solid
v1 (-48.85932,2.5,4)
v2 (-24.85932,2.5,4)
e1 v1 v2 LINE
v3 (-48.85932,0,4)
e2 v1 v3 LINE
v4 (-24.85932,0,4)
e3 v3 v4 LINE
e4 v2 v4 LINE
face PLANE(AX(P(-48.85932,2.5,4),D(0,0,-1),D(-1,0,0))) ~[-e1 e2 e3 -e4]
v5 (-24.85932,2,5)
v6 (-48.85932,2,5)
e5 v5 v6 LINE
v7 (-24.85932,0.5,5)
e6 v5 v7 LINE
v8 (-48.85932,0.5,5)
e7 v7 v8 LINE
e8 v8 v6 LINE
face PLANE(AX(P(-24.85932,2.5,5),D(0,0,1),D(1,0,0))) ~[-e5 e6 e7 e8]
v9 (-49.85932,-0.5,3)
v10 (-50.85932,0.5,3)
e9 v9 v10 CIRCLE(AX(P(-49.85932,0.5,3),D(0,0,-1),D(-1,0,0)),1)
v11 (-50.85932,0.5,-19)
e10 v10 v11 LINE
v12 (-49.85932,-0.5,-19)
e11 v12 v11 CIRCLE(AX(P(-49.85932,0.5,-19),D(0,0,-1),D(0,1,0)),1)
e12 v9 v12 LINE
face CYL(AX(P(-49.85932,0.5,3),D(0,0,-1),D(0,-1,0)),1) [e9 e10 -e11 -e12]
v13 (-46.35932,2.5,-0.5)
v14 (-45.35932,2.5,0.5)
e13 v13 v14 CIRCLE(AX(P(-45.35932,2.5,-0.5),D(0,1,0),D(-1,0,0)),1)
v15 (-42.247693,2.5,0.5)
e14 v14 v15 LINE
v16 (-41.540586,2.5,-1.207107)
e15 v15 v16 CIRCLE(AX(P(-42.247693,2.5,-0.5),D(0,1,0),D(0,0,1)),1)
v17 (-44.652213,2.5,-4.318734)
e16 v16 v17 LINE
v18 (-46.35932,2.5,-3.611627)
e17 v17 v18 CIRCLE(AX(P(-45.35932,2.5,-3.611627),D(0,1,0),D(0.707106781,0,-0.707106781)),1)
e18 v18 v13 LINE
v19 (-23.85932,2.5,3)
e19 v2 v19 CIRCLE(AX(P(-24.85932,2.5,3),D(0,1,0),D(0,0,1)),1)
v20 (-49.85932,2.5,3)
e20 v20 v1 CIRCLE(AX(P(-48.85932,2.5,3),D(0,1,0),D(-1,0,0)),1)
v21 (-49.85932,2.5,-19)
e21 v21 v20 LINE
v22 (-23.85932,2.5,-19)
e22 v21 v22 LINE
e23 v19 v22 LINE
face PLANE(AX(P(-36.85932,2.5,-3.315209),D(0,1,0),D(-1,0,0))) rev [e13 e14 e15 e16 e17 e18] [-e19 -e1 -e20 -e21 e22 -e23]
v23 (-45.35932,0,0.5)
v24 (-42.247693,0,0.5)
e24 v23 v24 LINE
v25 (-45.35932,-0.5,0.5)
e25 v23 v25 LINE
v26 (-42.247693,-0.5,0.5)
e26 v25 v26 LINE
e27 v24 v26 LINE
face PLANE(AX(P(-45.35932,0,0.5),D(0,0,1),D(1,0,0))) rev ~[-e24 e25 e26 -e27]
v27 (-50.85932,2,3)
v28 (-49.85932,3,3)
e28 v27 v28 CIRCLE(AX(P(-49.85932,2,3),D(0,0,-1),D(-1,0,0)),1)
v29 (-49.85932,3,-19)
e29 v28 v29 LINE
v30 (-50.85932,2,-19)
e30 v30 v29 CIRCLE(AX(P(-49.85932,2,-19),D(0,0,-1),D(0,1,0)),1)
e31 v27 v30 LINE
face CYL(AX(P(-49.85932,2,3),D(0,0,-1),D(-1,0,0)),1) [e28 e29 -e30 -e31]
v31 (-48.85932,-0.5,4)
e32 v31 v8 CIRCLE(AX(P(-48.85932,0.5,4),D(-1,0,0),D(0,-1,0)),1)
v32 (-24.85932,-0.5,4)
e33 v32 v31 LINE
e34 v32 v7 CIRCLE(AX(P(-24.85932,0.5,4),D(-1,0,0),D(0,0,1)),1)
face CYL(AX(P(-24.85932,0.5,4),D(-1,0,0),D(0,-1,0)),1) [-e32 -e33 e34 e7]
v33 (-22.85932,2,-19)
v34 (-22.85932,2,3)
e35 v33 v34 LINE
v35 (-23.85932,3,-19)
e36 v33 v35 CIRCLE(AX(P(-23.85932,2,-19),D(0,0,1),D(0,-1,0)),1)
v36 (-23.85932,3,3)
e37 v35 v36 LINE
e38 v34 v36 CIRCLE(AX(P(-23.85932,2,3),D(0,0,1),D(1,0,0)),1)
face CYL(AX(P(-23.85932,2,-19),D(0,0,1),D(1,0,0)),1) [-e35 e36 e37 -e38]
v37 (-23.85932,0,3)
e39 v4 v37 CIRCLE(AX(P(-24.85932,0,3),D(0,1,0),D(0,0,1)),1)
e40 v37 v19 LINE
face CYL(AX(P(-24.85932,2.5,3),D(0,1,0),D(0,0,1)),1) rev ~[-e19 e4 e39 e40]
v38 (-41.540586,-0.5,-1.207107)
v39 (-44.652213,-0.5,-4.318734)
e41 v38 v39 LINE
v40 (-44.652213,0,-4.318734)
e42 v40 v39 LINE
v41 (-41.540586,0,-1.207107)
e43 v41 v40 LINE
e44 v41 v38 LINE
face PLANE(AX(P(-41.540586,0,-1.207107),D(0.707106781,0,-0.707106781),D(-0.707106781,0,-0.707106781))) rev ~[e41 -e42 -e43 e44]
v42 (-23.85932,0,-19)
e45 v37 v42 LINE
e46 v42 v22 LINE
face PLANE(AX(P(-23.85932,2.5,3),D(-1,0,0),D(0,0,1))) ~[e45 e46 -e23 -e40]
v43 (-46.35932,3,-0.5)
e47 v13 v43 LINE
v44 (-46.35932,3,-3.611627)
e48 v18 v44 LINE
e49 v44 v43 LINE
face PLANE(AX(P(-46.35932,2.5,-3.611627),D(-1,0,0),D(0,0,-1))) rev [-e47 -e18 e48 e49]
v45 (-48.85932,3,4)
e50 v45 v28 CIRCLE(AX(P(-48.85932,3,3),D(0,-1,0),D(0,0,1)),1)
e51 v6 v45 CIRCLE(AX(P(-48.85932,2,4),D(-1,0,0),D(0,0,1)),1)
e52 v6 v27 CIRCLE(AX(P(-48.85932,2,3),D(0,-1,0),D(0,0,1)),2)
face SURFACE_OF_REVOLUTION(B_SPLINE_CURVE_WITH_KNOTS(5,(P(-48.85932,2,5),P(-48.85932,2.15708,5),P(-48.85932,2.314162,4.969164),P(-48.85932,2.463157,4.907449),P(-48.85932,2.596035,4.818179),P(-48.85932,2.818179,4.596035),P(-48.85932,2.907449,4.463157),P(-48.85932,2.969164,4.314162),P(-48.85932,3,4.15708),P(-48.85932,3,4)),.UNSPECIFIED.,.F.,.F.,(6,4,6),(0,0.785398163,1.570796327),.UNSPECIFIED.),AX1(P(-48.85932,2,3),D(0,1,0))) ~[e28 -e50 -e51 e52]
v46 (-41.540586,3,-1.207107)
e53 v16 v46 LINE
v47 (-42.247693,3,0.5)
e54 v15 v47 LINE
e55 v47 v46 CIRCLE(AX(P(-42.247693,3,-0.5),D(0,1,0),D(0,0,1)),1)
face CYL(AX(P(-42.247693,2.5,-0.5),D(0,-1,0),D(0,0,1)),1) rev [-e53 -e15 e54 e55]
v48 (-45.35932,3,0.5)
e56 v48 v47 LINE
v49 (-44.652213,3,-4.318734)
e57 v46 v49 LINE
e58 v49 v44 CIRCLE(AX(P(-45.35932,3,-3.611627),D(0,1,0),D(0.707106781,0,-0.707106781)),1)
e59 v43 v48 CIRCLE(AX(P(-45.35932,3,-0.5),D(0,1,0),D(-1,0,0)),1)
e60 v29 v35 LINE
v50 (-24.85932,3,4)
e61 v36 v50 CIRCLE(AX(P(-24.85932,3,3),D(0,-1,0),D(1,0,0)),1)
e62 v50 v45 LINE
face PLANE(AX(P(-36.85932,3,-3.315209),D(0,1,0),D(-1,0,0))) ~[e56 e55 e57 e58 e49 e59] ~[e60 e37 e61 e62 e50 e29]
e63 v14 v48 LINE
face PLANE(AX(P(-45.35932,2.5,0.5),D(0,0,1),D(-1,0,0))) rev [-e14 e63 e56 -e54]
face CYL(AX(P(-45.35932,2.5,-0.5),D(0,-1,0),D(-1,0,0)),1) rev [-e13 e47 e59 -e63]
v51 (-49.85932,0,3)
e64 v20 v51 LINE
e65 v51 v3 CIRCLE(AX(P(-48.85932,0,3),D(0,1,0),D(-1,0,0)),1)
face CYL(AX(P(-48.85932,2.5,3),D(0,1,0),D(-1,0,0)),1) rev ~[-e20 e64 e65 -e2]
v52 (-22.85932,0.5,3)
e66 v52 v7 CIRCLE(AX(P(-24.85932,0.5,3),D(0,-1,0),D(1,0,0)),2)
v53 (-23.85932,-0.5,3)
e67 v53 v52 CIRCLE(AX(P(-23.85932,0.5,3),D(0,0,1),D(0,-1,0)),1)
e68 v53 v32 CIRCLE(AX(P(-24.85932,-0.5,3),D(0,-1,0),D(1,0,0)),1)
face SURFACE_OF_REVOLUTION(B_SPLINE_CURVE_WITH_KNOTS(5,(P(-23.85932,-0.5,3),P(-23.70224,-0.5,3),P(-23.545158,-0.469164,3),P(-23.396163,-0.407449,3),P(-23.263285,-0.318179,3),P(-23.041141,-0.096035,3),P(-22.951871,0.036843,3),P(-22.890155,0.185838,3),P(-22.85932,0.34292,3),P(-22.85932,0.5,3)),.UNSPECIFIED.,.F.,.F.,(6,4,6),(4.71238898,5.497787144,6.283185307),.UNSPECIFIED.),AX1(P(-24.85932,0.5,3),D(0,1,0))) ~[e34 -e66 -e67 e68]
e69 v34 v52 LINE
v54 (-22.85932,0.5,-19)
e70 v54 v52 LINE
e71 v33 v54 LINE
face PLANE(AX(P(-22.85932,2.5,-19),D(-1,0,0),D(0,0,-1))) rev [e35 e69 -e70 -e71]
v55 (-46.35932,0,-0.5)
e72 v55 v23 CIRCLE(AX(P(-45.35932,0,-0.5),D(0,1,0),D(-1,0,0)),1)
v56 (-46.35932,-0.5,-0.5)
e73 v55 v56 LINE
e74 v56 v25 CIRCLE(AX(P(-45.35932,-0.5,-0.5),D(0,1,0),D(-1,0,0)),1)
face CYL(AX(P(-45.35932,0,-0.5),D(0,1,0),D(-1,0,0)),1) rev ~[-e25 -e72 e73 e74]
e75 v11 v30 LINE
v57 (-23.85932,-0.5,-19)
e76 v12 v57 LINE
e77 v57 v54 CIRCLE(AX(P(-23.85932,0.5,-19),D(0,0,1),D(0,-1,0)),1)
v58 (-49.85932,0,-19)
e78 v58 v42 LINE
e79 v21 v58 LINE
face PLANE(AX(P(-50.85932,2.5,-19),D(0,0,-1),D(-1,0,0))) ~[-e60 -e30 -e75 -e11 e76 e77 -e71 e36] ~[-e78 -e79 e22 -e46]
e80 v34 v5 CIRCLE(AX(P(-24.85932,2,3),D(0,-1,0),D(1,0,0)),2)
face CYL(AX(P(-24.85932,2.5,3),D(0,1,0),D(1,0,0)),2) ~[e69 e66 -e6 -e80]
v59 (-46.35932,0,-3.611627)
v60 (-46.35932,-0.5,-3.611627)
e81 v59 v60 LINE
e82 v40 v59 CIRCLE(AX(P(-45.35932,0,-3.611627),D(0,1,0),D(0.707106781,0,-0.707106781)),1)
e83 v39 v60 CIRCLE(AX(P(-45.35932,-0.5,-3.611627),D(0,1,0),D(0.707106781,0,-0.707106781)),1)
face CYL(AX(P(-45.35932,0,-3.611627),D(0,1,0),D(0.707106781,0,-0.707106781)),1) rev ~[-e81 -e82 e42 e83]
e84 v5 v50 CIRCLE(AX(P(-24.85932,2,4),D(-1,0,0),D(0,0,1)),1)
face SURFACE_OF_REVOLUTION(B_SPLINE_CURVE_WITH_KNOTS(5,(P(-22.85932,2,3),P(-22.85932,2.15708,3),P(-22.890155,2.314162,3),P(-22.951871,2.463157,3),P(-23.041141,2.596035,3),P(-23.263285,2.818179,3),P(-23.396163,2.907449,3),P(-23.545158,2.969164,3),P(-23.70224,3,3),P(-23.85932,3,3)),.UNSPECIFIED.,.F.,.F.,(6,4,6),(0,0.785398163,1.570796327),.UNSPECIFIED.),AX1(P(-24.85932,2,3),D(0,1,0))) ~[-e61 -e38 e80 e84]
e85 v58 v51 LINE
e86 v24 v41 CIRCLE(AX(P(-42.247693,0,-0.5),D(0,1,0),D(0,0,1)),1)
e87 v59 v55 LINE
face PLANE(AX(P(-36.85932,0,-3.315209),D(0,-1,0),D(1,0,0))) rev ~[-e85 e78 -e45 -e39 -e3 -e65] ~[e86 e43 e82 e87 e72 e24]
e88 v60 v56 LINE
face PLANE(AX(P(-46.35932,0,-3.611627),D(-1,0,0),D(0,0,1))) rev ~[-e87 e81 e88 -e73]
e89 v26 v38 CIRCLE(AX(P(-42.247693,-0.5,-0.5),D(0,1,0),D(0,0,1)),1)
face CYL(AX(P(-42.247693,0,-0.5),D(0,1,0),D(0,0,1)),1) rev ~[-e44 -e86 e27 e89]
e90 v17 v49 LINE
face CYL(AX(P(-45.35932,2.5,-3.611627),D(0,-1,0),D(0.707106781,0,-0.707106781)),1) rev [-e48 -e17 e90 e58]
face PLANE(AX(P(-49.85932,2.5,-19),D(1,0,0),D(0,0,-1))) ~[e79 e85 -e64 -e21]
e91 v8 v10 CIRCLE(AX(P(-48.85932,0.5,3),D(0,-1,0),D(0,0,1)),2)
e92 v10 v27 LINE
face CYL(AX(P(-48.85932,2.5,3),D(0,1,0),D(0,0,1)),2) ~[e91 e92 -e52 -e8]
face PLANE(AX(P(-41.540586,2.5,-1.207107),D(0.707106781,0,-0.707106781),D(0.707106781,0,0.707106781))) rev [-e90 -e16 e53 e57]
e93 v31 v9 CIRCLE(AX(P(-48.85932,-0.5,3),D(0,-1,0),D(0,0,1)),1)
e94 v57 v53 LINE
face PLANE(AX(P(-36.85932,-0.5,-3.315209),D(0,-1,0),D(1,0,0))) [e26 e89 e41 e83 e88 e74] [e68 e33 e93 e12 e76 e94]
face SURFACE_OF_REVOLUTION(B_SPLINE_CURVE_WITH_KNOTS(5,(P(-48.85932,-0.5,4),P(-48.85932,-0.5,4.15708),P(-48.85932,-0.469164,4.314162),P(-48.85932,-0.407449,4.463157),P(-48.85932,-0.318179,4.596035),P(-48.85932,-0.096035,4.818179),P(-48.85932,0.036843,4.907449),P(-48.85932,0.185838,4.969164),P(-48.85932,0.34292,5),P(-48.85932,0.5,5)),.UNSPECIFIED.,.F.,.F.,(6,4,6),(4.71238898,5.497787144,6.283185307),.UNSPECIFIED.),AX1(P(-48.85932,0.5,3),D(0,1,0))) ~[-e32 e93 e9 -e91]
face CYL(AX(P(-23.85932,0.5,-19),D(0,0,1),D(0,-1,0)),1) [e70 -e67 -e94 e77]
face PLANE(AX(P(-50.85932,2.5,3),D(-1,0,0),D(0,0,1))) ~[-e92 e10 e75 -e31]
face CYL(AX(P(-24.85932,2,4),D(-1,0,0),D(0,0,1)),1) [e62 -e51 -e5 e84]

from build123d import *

# Parameters (mm, degrees)
F1_DEPTH = 0.5
F2_DEPTH = 1.25
F5_R     = 1


with BuildPart() as f1:
    # F0 (on Front) → F1 (new body)
    with BuildSketch(Plane.XZ):
        with BuildLine():
            Line((-50.8593195975, 0), (-50.8593195975, -19))
            Line((-50.8593195975, -19), (-49.8593195975, -19))
            Line((-49.8593195975, -19), (-49.8593195975, 3))
            ThreePointArc((-49.8593195975, 3), (-49.5664263787, 3.7071067812), (-48.8593195975, 4))
            Line((-48.8593195975, 4), (-24.8593195975, 4))
            ThreePointArc((-24.8593195975, 4), (-24.1522128163, 3.7071067812), (-23.8593195975, 3))
            Line((-23.8593195975, 3), (-23.8593195975, -19))
            Line((-23.8593195975, -19), (-22.8593195975, -19))
            Line((-22.8593195975, -19), (-22.8593195975, 0))
            Line((-22.8593195975, 0), (-22.8593195975, 3))
            ThreePointArc((-22.8593195975, 3), (-23.4451060351, 4.4142135624), (-24.8593195975, 5))
            Line((-24.8593195975, 5), (-27.8593195975, 5))
            Line((-27.8593195975, 5), (-45.8593195975, 5))
            Line((-45.8593195975, 5), (-48.8593195975, 5))
            ThreePointArc((-48.8593195975, 5), (-50.2735331599, 4.4142135624), (-50.8593195975, 3))
            Line((-50.8593195975, 3), (-50.8593195975, 0))
        make_face()
        with BuildLine():
            Line((-49.8593195975, 3), (-49.8593195975, -19))
            Line((-49.8593195975, -19), (-23.8593195975, -19))
            Line((-23.8593195975, -19), (-23.8593195975, 3))
            ThreePointArc((-23.8593195975, 3), (-24.1522128163, 3.7071067812), (-24.8593195975, 4))
            Line((-24.8593195975, 4), (-48.8593195975, 4))
            ThreePointArc((-48.8593195975, 4), (-49.5664263787, 3.7071067812), (-49.8593195975, 3))
        make_face()
        with BuildLine():
            Line((-41.5405858453, -1.2071067812), (-44.6522128163, -4.3187337522))
            ThreePointArc((-44.6522128163, -4.3187337522), (-45.7420030298, -4.5355065035), (-46.3593195975, -3.611626971))
            Line((-46.3593195975, -3.611626971), (-46.3593195975, -0.5))
            ThreePointArc((-46.3593195975, -0.5), (-46.0664263787, 0.2071067812), (-45.3593195975, 0.5))
            Line((-45.3593195975, 0.5), (-42.2476926265, 0.5))
            ThreePointArc((-42.2476926265, 0.5), (-41.323813094, -0.1173165676), (-41.5405858453, -1.2071067812))
        make_face(mode=Mode.SUBTRACT)
    extrude(amount=F1_DEPTH)

    # F0 (on Front) → F2 (join)
    with BuildSketch(Plane.XZ):
        with BuildLine():
            Line((-50.8593195975, 0), (-50.8593195975, -19))
            Line((-50.8593195975, -19), (-49.8593195975, -19))
            Line((-49.8593195975, -19), (-49.8593195975, 3))
            ThreePointArc((-49.8593195975, 3), (-49.5664263787, 3.7071067812), (-48.8593195975, 4))
            Line((-48.8593195975, 4), (-24.8593195975, 4))
            ThreePointArc((-24.8593195975, 4), (-24.1522128163, 3.7071067812), (-23.8593195975, 3))
            Line((-23.8593195975, 3), (-23.8593195975, -19))
            Line((-23.8593195975, -19), (-22.8593195975, -19))
            Line((-22.8593195975, -19), (-22.8593195975, 0))
            Line((-22.8593195975, 0), (-22.8593195975, 3))
            ThreePointArc((-22.8593195975, 3), (-23.4451060351, 4.4142135624), (-24.8593195975, 5))
            Line((-24.8593195975, 5), (-27.8593195975, 5))
            Line((-27.8593195975, 5), (-45.8593195975, 5))
            Line((-45.8593195975, 5), (-48.8593195975, 5))
            ThreePointArc((-48.8593195975, 5), (-50.2735331599, 4.4142135624), (-50.8593195975, 3))
            Line((-50.8593195975, 3), (-50.8593195975, 0))
        make_face()
    extrude(amount=-F2_DEPTH)

    # F4: F1 across plane


with BuildPart() as f1_1:
    add(f1.part)
    add(f1.part.mirror(Plane(origin=(-36.8593195975, 1.25, -3.0970811102), x_dir=(1, 0, 0), z_dir=(0, 1, 0))))

    # F5
    f5_edges = [f1_1.edges().sort_by_distance(p)[0] for p in [
        (-50.85932, 3, -8),
        (-50.85932, -0.5, -8),
    ]]
    fillet(f5_edges, radius=F5_R)


solid = f1_1.part
